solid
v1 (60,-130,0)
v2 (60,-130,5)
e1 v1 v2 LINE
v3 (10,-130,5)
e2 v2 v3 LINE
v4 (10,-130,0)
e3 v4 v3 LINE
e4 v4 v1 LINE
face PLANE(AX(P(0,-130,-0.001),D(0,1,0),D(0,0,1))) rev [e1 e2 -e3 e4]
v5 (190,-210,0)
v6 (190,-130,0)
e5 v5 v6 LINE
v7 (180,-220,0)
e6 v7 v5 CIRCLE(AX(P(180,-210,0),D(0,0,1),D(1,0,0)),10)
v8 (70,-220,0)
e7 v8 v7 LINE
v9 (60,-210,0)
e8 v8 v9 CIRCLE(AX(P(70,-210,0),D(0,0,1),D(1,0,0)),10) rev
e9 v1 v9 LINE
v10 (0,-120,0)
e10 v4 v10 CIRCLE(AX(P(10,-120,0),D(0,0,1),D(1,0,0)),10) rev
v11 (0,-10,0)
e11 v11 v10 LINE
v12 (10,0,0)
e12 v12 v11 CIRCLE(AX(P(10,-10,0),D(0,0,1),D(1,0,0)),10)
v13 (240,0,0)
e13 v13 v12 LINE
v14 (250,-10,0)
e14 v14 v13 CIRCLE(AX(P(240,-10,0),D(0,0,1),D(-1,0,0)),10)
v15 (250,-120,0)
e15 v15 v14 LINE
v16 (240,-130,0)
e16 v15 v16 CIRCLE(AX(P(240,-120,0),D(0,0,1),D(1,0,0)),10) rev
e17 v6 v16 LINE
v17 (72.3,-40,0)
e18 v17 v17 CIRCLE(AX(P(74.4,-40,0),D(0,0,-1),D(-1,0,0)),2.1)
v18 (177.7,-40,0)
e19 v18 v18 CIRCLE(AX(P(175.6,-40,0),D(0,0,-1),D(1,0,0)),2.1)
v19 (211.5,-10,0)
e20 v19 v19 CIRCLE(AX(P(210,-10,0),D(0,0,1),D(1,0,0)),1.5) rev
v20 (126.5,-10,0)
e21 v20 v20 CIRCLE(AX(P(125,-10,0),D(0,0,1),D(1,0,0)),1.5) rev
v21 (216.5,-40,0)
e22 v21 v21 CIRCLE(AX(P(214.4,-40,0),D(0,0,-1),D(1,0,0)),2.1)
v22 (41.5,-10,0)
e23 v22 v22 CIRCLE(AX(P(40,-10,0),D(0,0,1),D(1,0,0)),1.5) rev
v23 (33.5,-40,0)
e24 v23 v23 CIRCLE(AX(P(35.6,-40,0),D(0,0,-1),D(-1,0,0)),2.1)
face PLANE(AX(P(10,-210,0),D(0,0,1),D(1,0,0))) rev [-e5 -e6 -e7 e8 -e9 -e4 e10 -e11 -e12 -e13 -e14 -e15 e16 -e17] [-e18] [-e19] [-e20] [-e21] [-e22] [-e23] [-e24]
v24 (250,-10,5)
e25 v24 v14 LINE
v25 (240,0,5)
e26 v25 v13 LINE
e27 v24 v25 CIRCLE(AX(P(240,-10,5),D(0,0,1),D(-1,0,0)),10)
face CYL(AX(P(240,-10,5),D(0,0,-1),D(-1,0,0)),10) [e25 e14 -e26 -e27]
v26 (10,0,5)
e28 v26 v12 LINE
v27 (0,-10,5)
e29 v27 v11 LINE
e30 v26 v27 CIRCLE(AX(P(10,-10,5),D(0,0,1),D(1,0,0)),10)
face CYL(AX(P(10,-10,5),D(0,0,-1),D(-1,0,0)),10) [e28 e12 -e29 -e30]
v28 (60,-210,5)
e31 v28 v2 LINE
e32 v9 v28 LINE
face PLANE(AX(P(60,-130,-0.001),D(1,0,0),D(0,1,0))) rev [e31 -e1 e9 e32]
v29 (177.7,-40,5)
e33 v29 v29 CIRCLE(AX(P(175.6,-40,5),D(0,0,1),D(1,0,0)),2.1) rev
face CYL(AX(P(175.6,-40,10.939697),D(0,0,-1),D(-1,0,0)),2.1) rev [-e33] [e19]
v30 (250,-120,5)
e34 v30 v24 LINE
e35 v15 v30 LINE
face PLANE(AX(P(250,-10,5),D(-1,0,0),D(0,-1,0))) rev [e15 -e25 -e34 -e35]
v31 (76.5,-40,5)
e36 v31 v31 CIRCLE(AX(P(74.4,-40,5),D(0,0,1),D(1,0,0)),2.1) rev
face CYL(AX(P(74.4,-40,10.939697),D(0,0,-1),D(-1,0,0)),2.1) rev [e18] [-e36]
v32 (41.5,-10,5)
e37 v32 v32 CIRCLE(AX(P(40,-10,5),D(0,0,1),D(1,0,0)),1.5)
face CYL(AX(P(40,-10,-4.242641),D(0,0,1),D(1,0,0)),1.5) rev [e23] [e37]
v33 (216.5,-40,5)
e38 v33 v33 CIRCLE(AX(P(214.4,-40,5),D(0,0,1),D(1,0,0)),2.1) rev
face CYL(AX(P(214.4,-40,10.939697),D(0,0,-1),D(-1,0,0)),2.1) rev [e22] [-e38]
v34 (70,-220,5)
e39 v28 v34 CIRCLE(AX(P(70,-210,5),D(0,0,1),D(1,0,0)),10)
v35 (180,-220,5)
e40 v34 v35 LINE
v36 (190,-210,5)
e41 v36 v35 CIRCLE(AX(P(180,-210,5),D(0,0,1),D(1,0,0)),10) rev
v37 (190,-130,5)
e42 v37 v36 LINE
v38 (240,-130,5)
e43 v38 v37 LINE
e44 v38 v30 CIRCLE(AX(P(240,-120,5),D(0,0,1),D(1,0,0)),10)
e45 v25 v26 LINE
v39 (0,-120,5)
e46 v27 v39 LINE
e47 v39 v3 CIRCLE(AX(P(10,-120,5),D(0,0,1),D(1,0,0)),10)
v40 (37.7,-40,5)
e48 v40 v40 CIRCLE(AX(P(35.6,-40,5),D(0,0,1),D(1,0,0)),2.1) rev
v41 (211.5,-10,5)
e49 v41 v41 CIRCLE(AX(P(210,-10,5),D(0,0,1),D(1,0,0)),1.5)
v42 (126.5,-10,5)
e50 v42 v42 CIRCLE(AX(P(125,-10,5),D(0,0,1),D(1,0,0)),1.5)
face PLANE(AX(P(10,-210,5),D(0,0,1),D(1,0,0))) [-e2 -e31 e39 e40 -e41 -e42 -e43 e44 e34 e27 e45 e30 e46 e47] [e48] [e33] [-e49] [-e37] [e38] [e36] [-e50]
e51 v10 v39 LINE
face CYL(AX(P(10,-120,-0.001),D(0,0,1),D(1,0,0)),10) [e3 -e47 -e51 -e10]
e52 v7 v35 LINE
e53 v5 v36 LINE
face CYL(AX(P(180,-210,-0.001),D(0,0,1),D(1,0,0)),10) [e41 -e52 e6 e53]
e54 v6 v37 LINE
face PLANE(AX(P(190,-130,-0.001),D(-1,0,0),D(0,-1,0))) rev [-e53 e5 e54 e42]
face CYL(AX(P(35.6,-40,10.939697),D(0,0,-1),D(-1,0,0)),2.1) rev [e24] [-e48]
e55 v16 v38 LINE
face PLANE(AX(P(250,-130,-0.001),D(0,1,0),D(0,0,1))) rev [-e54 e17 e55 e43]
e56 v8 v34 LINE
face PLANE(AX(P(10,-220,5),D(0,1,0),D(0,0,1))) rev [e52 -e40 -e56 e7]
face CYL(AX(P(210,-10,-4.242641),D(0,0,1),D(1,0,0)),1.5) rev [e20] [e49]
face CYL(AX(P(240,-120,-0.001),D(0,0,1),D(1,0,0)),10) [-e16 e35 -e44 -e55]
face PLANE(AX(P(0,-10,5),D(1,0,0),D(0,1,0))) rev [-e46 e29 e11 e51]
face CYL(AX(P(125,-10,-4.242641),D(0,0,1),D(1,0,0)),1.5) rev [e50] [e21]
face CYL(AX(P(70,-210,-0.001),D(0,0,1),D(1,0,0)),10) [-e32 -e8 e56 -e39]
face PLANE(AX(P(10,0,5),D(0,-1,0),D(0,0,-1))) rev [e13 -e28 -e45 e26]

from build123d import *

# Parameters (mm, degrees)
EXTRUDE_1_DEPTH      = 5
SKETCH_9_R           = 1.5
CUT_EXTRUDE_7_DEPTH  = 5
SKETCH_7_R           = 2.1
CUT_EXTRUDE_8_DEPTH  = 5
CUT_EXTRUDE_9_REACH  = 335.054
SKETCH_10_W          = 60
SKETCH_10_H          = 90
CUT_EXTRUDE_11_REACH = 335.054


with BuildPart() as part:
    # 草图1 → 凸台-拉伸1 (new body)
    with BuildSketch(Plane.XY):
        with BuildLine():
            Line((10, 0), (240, 0))
            ThreePointArc((240, 0), (247.071067812, -2.928932188), (250, -10))
            Line((250, -10), (250, -210))
            ThreePointArc((250, -210), (247.071067812, -217.071067812), (240, -220))
            Line((240, -220), (10, -220))
            ThreePointArc((10, -220), (2.928932188, -217.071067812), (0, -210))
            Line((0, -210), (0, -10))
            ThreePointArc((0, -10), (2.928932188, -2.928932188), (10, 0))
        make_face()
    extrude(amount=EXTRUDE_1_DEPTH)

    # 草图9 → 切除-拉伸7 (cut)
    with BuildSketch(Plane.XY.offset(5)):
        with Locations((40, -10)):
            Circle(SKETCH_9_R)
        with Locations((125, -10)):
            Circle(SKETCH_9_R)
        with Locations((210, -10)):
            Circle(SKETCH_9_R)
    extrude(amount=-CUT_EXTRUDE_7_DEPTH, mode=Mode.SUBTRACT)

    # 草图7 → 切除-拉伸8 (cut)
    with BuildSketch(Plane(origin=(0, 0, 0), x_dir=(-1, 0, 0), z_dir=(0, 0, -1))):
        with Locations((-74.4, -40)):
            Circle(SKETCH_7_R)
        with Locations((-35.6, -40)):
            Circle(SKETCH_7_R)
        with Locations(Location((-214.4, -40, 0), (0, 0, 180))):
            Circle(SKETCH_7_R)
        with Locations(Location((-175.6, -40, 0), (0, 0, 180))):
            Circle(SKETCH_7_R)
    extrude(amount=-CUT_EXTRUDE_8_DEPTH, mode=Mode.SUBTRACT)

    # 草图10 → 切除-拉伸9 (cut, up to next)
    with BuildSketch(Plane.XY.offset(5), mode=Mode.PRIVATE) as cut_extrude_9_sk1:
        with Locations((220, -175)):
            Rectangle(SKETCH_10_W, SKETCH_10_H)
    cut_extrude_9_tool1 = extrude(cut_extrude_9_sk1.sketch, amount=-CUT_EXTRUDE_9_REACH, mode=Mode.PRIVATE) & part.part
    # 草图10 → 切除-拉伸9 (cut, up to next)
    with BuildSketch(Plane.XY.offset(5), mode=Mode.PRIVATE) as cut_extrude_9_sk2:
        with Locations((30, -175)):
            Rectangle(SKETCH_10_W, SKETCH_10_H)
    cut_extrude_9_tool2 = extrude(cut_extrude_9_sk2.sketch, amount=-CUT_EXTRUDE_9_REACH, mode=Mode.PRIVATE) & part.part
    add(cut_extrude_9_tool1.solids().sort_by_distance((220, -175, 5))[0], mode=Mode.SUBTRACT)
    add(cut_extrude_9_tool2.solids().sort_by_distance((30, -175, 5))[0], mode=Mode.SUBTRACT)

    # 草图11 → 切除-拉伸11 (cut, up to next)
    with BuildSketch(Plane.XY.offset(5), mode=Mode.PRIVATE) as cut_extrude_11_sk1:
        with BuildLine():
            Line((0, -130), (10, -130))
            ThreePointArc((10, -130), (2.928932188, -127.071067812), (0, -120))
            Line((0, -120), (0, -130))
        make_face()
    cut_extrude_11_tool1 = extrude(cut_extrude_11_sk1.sketch, amount=-CUT_EXTRUDE_11_REACH, mode=Mode.PRIVATE) & part.part
    # 草图11 → 切除-拉伸11 (cut, up to next)
    with BuildSketch(Plane.XY.offset(5), mode=Mode.PRIVATE) as cut_extrude_11_sk2:
        with BuildLine():
            ThreePointArc((70, -220), (62.928932188, -217.071067812), (60, -210))
            Line((60, -210), (60, -220))
            Line((60, -220), (70, -220))
        make_face()
    cut_extrude_11_tool2 = extrude(cut_extrude_11_sk2.sketch, amount=-CUT_EXTRUDE_11_REACH, mode=Mode.PRIVATE) & part.part
    # 草图11 → 切除-拉伸11 (cut, up to next)
    with BuildSketch(Plane.XY.offset(5), mode=Mode.PRIVATE) as cut_extrude_11_sk3:
        with BuildLine():
            ThreePointArc((190, -210), (187.071067812, -217.071067812), (180, -220))
            Line((180, -220), (190, -220))
            Line((190, -220), (190, -210))
        make_face()
    cut_extrude_11_tool3 = extrude(cut_extrude_11_sk3.sketch, amount=-CUT_EXTRUDE_11_REACH, mode=Mode.PRIVATE) & part.part
    # 草图11 → 切除-拉伸11 (cut, up to next)
    with BuildSketch(Plane.XY.offset(5), mode=Mode.PRIVATE) as cut_extrude_11_sk4:
        with BuildLine():
            ThreePointArc((250, -120), (247.071067812, -127.071067812), (240, -130))
            Line((240, -130), (250, -130))
            Line((250, -130), (250, -120))
        make_face()
    cut_extrude_11_tool4 = extrude(cut_extrude_11_sk4.sketch, amount=-CUT_EXTRUDE_11_REACH, mode=Mode.PRIVATE) & part.part
    add(cut_extrude_11_tool1.solids().sort_by_distance((2.233679, -127.766321, 5))[0], mode=Mode.SUBTRACT)
    add(cut_extrude_11_tool2.solids().sort_by_distance((62.233679, -217.766321, 5))[0], mode=Mode.SUBTRACT)
    add(cut_extrude_11_tool3.solids().sort_by_distance((187.766321, -217.766321, 5))[0], mode=Mode.SUBTRACT)
    add(cut_extrude_11_tool4.solids().sort_by_distance((247.766321, -127.766321, 5))[0], mode=Mode.SUBTRACT)


solid = part.part
